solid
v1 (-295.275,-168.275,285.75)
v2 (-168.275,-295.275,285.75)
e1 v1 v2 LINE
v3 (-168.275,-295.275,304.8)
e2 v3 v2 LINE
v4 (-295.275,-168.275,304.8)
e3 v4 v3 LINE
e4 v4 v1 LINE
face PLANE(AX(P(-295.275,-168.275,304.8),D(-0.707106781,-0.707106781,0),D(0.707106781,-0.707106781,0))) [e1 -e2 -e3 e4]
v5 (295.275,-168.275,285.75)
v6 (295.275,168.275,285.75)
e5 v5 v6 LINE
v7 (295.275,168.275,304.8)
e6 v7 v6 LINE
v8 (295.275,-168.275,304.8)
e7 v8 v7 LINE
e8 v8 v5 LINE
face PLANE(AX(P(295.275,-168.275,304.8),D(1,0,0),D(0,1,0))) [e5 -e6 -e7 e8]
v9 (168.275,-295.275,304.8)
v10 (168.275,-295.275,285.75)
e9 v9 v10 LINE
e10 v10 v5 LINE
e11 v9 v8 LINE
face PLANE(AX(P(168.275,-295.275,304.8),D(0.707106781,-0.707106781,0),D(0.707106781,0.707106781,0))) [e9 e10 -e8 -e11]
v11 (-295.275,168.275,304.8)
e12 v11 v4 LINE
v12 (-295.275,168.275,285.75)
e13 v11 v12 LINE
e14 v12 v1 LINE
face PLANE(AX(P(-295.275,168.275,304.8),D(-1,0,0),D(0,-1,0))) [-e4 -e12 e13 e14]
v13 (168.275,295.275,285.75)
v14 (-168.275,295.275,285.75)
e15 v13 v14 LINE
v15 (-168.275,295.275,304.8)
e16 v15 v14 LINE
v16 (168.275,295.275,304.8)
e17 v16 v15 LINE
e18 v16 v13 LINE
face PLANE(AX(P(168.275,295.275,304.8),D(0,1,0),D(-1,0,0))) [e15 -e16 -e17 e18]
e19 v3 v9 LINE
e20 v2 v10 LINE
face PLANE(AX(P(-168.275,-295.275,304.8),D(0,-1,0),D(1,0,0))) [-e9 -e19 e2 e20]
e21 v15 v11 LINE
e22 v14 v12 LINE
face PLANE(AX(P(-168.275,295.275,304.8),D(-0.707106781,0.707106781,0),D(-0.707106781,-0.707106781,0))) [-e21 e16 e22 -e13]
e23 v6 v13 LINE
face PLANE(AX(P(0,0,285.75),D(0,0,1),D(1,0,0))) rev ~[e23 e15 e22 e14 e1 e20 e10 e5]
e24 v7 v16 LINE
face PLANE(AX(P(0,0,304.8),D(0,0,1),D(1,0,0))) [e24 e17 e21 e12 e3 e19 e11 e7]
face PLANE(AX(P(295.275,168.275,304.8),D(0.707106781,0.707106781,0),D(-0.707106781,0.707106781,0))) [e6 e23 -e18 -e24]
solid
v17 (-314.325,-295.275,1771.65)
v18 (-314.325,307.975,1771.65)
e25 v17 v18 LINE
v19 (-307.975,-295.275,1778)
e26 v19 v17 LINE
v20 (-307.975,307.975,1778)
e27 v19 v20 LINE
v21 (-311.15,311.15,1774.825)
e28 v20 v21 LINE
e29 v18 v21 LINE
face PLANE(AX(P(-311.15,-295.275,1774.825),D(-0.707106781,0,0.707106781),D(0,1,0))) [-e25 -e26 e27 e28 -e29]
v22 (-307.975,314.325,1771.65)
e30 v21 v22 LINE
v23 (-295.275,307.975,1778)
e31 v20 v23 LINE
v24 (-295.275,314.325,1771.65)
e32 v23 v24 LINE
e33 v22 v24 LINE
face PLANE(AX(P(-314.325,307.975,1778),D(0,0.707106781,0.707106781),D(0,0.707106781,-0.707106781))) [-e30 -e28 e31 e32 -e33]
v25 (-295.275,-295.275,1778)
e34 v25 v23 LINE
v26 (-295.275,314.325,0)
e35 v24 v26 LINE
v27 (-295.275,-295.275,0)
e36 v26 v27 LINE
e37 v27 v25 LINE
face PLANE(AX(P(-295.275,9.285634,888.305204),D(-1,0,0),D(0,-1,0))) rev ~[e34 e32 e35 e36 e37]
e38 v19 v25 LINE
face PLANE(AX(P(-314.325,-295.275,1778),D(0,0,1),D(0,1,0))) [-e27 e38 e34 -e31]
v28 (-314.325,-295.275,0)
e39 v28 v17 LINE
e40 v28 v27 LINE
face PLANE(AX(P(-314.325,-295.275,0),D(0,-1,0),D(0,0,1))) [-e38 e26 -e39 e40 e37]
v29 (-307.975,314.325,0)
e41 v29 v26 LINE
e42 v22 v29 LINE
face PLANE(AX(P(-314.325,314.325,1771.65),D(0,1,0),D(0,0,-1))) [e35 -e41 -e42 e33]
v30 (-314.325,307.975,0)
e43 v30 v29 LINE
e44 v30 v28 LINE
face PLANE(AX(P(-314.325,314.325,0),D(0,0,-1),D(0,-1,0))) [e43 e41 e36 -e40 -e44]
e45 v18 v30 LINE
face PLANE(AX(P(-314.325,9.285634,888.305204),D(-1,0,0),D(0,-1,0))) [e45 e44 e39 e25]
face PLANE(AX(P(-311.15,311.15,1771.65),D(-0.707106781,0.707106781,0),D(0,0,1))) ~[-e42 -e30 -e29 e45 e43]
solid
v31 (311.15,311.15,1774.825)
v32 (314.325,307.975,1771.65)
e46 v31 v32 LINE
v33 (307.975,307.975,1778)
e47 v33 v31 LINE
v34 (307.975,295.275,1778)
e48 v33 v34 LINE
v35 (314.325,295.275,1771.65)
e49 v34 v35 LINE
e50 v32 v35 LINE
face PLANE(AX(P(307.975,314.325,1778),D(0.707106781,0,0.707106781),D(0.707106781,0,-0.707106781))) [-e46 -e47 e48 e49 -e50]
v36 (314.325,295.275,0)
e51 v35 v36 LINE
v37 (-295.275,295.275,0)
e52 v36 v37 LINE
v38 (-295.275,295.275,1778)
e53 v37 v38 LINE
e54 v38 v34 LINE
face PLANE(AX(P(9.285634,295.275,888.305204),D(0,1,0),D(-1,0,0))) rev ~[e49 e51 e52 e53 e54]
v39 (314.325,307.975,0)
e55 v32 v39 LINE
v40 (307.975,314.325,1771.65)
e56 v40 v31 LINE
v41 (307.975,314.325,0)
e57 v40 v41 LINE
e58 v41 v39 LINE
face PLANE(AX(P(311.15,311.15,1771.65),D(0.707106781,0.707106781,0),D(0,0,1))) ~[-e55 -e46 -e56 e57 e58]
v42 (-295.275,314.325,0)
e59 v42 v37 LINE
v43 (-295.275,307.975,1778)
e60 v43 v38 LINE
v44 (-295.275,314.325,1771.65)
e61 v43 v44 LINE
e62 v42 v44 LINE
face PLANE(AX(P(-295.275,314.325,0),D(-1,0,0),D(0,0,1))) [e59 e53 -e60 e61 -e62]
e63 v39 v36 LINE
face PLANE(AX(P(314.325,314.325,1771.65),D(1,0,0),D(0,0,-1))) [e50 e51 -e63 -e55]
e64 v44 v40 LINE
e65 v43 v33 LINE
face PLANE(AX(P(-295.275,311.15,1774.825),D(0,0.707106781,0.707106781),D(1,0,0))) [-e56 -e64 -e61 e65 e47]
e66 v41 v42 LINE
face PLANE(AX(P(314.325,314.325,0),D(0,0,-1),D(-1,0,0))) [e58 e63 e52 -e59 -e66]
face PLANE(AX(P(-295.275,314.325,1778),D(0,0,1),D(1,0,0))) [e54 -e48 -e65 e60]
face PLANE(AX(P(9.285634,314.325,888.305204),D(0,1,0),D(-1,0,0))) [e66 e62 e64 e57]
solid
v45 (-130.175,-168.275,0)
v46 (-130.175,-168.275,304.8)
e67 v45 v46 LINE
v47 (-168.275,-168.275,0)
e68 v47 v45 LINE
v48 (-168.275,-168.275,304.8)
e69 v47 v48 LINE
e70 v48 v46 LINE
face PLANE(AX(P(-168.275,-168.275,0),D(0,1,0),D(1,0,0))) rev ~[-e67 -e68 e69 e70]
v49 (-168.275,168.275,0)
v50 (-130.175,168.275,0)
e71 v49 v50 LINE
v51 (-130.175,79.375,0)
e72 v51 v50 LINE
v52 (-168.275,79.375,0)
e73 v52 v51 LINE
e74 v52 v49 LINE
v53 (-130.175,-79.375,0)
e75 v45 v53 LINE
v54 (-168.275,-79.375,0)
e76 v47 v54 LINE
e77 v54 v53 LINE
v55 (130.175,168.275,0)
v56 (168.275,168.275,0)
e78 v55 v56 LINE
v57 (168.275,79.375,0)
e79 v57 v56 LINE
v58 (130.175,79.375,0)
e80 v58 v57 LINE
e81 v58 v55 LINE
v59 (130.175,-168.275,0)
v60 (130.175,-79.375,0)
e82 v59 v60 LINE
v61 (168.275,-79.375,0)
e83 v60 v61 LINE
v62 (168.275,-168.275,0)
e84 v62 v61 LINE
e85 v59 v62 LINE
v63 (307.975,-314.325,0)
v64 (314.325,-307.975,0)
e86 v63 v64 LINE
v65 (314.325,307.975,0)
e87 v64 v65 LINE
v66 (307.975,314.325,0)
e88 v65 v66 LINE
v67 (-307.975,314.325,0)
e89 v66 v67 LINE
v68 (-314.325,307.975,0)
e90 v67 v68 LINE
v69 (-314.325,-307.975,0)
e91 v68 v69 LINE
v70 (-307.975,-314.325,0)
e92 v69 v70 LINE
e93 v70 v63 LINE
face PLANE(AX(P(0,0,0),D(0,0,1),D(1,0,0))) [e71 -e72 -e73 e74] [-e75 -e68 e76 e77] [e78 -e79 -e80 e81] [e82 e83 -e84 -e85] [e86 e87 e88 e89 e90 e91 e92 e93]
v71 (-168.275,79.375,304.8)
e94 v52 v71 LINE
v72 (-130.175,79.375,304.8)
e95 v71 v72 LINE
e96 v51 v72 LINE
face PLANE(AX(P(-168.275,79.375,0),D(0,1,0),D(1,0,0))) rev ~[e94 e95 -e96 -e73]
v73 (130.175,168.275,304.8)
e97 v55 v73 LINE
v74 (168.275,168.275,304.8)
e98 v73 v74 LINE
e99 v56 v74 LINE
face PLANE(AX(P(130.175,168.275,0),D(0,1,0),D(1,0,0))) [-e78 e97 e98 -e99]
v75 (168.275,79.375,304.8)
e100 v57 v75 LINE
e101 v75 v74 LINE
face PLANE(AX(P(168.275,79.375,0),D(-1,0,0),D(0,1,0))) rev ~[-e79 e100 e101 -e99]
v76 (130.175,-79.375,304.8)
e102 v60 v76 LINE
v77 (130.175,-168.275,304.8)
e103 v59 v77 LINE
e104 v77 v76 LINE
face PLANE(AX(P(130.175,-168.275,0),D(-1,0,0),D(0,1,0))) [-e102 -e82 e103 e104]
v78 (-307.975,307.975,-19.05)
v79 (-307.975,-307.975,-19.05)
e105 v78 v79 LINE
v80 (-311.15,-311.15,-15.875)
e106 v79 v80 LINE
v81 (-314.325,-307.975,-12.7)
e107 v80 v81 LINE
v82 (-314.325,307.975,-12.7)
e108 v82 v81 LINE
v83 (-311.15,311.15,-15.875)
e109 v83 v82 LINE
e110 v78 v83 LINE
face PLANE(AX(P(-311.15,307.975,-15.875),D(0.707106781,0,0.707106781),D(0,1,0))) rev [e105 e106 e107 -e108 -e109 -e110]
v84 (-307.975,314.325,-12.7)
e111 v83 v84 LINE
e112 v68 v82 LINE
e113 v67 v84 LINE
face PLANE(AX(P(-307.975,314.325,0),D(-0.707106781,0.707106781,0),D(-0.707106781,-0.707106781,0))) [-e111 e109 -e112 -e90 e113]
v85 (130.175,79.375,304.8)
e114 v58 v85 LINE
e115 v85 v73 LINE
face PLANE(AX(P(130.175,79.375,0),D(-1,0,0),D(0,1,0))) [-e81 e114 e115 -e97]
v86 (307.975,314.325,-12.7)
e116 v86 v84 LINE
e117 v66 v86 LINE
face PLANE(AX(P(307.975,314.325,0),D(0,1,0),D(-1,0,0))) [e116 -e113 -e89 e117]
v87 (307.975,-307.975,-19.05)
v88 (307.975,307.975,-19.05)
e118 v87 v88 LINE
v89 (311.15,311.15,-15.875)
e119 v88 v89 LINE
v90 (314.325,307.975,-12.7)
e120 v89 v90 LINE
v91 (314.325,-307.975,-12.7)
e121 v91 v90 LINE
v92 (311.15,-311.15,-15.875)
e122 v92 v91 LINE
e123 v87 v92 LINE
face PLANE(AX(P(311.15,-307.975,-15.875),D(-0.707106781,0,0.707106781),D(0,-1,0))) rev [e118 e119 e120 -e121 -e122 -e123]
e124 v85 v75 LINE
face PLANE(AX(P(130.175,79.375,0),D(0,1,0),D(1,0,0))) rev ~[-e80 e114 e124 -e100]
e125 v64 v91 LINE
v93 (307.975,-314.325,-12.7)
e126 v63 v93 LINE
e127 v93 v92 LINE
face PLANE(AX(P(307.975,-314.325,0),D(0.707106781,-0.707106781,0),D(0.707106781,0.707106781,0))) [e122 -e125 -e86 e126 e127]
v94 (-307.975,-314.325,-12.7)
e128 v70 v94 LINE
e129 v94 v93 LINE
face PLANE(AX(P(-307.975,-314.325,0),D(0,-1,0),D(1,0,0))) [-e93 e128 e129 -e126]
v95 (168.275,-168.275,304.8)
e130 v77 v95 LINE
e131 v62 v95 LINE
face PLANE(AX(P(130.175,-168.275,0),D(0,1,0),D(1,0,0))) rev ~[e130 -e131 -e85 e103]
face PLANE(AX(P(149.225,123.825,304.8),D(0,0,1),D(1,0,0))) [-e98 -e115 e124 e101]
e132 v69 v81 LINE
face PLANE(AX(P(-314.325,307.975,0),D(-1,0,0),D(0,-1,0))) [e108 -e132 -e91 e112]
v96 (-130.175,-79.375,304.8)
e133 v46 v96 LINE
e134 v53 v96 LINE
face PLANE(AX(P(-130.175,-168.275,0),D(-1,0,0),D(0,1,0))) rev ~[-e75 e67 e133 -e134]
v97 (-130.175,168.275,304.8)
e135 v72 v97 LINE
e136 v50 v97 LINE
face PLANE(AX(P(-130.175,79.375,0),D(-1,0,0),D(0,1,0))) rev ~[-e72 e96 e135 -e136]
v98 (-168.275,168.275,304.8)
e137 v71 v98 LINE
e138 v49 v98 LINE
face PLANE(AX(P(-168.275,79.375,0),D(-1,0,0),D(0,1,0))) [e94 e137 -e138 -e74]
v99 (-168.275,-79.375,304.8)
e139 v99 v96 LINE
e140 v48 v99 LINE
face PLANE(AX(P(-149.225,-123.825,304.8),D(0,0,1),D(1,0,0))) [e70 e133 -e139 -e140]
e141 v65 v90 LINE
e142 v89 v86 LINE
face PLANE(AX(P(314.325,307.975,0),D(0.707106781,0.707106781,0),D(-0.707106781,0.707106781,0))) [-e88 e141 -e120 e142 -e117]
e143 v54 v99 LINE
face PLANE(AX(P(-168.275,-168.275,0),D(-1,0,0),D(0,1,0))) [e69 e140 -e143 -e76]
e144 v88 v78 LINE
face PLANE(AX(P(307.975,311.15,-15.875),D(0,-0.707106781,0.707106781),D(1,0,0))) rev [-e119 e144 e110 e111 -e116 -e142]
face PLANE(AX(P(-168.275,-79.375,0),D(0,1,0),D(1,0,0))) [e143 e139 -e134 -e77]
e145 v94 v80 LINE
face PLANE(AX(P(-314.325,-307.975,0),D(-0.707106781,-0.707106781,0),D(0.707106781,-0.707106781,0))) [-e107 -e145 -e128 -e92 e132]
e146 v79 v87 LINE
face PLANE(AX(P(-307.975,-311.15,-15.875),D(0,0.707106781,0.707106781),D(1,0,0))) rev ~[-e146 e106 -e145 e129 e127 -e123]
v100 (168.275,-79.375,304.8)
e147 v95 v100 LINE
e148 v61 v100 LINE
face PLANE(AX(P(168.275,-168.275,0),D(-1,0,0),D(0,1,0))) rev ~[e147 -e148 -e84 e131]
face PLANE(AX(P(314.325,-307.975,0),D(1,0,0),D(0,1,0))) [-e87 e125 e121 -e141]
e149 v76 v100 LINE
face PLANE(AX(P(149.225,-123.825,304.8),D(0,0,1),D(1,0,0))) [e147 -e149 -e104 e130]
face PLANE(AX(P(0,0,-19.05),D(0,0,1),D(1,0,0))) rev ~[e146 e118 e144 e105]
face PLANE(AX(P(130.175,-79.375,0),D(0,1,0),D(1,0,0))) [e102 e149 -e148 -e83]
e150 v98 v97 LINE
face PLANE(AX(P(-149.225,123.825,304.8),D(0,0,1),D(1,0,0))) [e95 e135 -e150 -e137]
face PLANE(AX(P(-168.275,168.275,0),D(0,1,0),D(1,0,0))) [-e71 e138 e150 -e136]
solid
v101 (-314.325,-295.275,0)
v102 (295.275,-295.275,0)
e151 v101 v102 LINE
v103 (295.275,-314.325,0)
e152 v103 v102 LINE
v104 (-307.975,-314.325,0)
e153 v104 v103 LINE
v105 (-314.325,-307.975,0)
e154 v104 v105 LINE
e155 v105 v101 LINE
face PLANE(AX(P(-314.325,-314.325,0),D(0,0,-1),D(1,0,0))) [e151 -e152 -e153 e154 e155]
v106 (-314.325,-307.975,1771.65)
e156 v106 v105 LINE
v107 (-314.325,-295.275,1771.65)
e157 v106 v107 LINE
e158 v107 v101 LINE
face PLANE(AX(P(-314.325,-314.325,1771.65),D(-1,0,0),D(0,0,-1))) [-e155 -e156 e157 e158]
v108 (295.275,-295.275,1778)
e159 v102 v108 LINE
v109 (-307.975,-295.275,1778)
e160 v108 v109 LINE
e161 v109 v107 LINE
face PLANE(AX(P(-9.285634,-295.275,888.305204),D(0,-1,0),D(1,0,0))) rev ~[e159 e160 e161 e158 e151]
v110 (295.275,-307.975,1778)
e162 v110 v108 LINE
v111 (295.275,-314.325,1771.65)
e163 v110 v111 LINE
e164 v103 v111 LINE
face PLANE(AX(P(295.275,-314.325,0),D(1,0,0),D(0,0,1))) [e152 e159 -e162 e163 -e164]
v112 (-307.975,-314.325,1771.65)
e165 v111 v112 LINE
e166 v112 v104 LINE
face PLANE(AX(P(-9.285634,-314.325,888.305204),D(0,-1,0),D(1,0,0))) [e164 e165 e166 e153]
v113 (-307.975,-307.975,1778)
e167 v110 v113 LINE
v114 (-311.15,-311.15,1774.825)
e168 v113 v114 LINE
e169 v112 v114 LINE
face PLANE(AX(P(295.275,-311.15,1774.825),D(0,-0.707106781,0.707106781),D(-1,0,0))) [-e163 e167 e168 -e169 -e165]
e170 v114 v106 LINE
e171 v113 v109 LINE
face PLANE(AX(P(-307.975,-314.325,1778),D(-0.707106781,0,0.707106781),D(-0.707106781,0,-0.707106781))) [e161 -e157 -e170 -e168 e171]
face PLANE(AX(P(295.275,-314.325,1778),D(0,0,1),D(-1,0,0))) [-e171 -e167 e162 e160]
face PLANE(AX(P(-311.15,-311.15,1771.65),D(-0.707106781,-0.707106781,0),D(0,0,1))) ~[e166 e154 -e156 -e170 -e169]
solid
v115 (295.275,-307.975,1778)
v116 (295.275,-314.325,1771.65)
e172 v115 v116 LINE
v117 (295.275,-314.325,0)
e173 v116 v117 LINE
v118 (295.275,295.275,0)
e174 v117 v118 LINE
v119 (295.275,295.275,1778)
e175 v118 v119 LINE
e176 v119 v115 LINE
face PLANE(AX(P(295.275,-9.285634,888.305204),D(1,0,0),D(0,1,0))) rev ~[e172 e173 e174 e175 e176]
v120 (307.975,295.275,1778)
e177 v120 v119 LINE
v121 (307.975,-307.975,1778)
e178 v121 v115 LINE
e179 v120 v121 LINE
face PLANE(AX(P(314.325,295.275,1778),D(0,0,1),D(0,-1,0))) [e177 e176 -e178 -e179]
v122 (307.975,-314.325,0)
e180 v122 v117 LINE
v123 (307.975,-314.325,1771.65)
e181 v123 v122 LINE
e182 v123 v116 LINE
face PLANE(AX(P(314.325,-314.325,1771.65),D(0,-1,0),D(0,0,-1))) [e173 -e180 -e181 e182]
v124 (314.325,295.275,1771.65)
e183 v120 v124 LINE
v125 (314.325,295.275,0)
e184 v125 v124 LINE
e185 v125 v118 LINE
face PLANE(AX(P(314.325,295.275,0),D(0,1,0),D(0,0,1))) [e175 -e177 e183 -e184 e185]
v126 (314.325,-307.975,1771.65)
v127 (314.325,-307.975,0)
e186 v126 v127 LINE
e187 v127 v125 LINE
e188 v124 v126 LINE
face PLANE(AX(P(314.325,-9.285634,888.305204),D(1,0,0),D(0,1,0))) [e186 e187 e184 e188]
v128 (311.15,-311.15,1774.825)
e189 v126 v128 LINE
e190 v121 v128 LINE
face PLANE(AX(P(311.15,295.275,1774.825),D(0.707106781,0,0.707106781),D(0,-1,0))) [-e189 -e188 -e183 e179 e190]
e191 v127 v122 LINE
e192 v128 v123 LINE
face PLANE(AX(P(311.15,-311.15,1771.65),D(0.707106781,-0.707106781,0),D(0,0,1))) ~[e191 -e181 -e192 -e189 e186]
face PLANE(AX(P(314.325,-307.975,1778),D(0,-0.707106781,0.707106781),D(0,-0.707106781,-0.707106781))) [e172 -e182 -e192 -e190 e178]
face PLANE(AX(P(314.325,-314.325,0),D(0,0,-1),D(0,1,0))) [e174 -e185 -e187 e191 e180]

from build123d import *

# Parameters (mm, degrees)
F1_DEPTH   = 19.05
F3_DEPTH   = 19.05
F5_DEPTH   = 19.05
F7_DEPTH   = 19.05
F9_DEPTH   = 19.05
F10_SIZE   = 6.35
F10_2_SIZE = 6.35
F10_3_SIZE = 6.35
F10_4_SIZE = 6.35
F11_SIZE   = 6.35
F12_SIZE   = 6.35
F13_SIZE   = 6.35
F14_SIZE   = 6.35
F15_SIZE   = 6.35
F16_W      = 38.1
F16_H      = 88.9
F17_DEPTH  = 304.8
F19_DEPTH  = 19.05


with BuildPart() as f1:
    # F0 (on Top) → F1 (new body)
    with BuildSketch(Plane.XY):
        Polygon((-307.975, -314.325), (307.975, -314.325), (314.325, -307.975), (314.325, 307.975), (307.975, 314.325), (-307.975, 314.325), (-314.325, 307.975), (-314.325, -307.975), align=None)
    extrude(amount=-F1_DEPTH)

    # F15 (call 1 of 4: OpenCascade refuses the feature's edges together)
    f15_edges = [f1.edges().sort_by_distance(p)[0] for p in [
        (0, -314.325, -19.05),
    ]]
    chamfer(f15_edges, length=F15_SIZE)

    # F15#2 (call 2 of 4)
    f15_2_edges = [f1.edges().sort_by_distance(p)[0] for p in [
        (314.325, 0, -19.05),
    ]]
    chamfer(f15_2_edges, length=F15_SIZE)

    # F15#3 (call 3 of 4)
    f15_3_edges = [f1.edges().sort_by_distance(p)[0] for p in [
        (0, 314.325, -19.05),
    ]]
    chamfer(f15_3_edges, length=F15_SIZE)

    # F15#4 (call 4 of 4)
    f15_4_edges = [f1.edges().sort_by_distance(p)[0] for p in [
        (-314.325, 0, -19.05),
    ]]
    chamfer(f15_4_edges, length=F15_SIZE)

    # F16 (on face) → F17 (join)
    with BuildSketch(Plane.XY):
        with Locations((-149.225, 123.825)):
            Rectangle(F16_W, F16_H)
        with Locations((149.225, 123.825)):
            Rectangle(F16_W, F16_H)
        with Locations((-149.225, -123.825)):
            Rectangle(F16_W, F16_H)
        with Locations((149.225, -123.825)):
            Rectangle(F16_W, F16_H)
    extrude(amount=F17_DEPTH)


with BuildPart() as f3:
    # F2 (on face) → F3 (new body)
    with BuildSketch(Plane.XZ.offset(314.325)):
        Polygon((-314.325, 1771.65), (-314.325, 0), (295.275, 0), (295.275, 1778), (-307.975, 1778), align=None)
    extrude(amount=-F3_DEPTH)

    # F10#2
    f10_2_edges = [f3.edges().sort_by_distance(p)[0] for p in [
        (-6.35, -314.325, 1778),
    ]]
    chamfer(f10_2_edges, length=F10_2_SIZE)

    # F11
    f11_edges = [f3.edges().sort_by_distance(p)[0] for p in [
        (-314.325, -314.325, 885.825),
    ]]
    chamfer(f11_edges, length=F11_SIZE)


with BuildPart() as f5:
    # F4 (on face) → F5 (new body)
    with BuildSketch(Plane(origin=(0, 314.325, 0), x_dir=(-1, 0, 0), z_dir=(0, 1, 0))):
        Polygon((-314.325, 1771.65), (-314.325, 0), (295.275, 0), (295.275, 1778), (-307.975, 1778), align=None)
    extrude(amount=-F5_DEPTH)

    # F10#3
    f10_3_edges = [f5.edges().sort_by_distance(p)[0] for p in [
        (6.35, 314.325, 1778),
    ]]
    chamfer(f10_3_edges, length=F10_3_SIZE)

    # F13
    f13_edges = [f5.edges().sort_by_distance(p)[0] for p in [
        (314.325, 314.325, 885.825),
    ]]
    chamfer(f13_edges, length=F13_SIZE)


with BuildPart() as f7:
    # F6 (on face) → F7 (new body)
    with BuildSketch(Plane.YZ.offset(314.325)):
        Polygon((295.275, 1778), (-307.975, 1778), (-314.325, 1771.65), (-314.325, 0), (295.275, 0), align=None)
    extrude(amount=-F7_DEPTH)

    # F10
    f10_edges = [f7.edges().sort_by_distance(p)[0] for p in [
        (314.325, -6.35, 1778),
    ]]
    chamfer(f10_edges, length=F10_SIZE)

    # F12
    f12_edges = [f7.edges().sort_by_distance(p)[0] for p in [
        (314.325, -314.325, 885.825),
    ]]
    chamfer(f12_edges, length=F12_SIZE)


with BuildPart() as f9:
    # F8 (on face) → F9 (new body)
    with BuildSketch(Plane(origin=(-314.325, 0, 0), x_dir=(0, -1, 0), z_dir=(-1, 0, 0))):
        Polygon((295.275, 1778), (-307.975, 1778), (-314.325, 1771.65), (-314.325, 0), (295.275, 0), align=None)
    extrude(amount=-F9_DEPTH)

    # F10#4
    f10_4_edges = [f9.edges().sort_by_distance(p)[0] for p in [
        (-314.325, 6.35, 1778),
    ]]
    chamfer(f10_4_edges, length=F10_4_SIZE)

    # F14
    f14_edges = [f9.edges().sort_by_distance(p)[0] for p in [
        (-314.325, 314.325, 885.825),
    ]]
    chamfer(f14_edges, length=F14_SIZE)


with BuildPart() as f19:
    # F18 (on face) → F19 (new body)
    with BuildSketch(Plane.XY.offset(304.8)):
        Polygon((168.275, 295.275), (-168.275, 295.275), (-295.275, 168.275), (-295.275, -168.275), (-168.275, -295.275), (168.275, -295.275), (295.275, -168.275), (295.275, 168.275), align=None)
    extrude(amount=-F19_DEPTH)


solid = Compound([f1.part, f3.part, f5.part, f7.part, f9.part, f19.part])
